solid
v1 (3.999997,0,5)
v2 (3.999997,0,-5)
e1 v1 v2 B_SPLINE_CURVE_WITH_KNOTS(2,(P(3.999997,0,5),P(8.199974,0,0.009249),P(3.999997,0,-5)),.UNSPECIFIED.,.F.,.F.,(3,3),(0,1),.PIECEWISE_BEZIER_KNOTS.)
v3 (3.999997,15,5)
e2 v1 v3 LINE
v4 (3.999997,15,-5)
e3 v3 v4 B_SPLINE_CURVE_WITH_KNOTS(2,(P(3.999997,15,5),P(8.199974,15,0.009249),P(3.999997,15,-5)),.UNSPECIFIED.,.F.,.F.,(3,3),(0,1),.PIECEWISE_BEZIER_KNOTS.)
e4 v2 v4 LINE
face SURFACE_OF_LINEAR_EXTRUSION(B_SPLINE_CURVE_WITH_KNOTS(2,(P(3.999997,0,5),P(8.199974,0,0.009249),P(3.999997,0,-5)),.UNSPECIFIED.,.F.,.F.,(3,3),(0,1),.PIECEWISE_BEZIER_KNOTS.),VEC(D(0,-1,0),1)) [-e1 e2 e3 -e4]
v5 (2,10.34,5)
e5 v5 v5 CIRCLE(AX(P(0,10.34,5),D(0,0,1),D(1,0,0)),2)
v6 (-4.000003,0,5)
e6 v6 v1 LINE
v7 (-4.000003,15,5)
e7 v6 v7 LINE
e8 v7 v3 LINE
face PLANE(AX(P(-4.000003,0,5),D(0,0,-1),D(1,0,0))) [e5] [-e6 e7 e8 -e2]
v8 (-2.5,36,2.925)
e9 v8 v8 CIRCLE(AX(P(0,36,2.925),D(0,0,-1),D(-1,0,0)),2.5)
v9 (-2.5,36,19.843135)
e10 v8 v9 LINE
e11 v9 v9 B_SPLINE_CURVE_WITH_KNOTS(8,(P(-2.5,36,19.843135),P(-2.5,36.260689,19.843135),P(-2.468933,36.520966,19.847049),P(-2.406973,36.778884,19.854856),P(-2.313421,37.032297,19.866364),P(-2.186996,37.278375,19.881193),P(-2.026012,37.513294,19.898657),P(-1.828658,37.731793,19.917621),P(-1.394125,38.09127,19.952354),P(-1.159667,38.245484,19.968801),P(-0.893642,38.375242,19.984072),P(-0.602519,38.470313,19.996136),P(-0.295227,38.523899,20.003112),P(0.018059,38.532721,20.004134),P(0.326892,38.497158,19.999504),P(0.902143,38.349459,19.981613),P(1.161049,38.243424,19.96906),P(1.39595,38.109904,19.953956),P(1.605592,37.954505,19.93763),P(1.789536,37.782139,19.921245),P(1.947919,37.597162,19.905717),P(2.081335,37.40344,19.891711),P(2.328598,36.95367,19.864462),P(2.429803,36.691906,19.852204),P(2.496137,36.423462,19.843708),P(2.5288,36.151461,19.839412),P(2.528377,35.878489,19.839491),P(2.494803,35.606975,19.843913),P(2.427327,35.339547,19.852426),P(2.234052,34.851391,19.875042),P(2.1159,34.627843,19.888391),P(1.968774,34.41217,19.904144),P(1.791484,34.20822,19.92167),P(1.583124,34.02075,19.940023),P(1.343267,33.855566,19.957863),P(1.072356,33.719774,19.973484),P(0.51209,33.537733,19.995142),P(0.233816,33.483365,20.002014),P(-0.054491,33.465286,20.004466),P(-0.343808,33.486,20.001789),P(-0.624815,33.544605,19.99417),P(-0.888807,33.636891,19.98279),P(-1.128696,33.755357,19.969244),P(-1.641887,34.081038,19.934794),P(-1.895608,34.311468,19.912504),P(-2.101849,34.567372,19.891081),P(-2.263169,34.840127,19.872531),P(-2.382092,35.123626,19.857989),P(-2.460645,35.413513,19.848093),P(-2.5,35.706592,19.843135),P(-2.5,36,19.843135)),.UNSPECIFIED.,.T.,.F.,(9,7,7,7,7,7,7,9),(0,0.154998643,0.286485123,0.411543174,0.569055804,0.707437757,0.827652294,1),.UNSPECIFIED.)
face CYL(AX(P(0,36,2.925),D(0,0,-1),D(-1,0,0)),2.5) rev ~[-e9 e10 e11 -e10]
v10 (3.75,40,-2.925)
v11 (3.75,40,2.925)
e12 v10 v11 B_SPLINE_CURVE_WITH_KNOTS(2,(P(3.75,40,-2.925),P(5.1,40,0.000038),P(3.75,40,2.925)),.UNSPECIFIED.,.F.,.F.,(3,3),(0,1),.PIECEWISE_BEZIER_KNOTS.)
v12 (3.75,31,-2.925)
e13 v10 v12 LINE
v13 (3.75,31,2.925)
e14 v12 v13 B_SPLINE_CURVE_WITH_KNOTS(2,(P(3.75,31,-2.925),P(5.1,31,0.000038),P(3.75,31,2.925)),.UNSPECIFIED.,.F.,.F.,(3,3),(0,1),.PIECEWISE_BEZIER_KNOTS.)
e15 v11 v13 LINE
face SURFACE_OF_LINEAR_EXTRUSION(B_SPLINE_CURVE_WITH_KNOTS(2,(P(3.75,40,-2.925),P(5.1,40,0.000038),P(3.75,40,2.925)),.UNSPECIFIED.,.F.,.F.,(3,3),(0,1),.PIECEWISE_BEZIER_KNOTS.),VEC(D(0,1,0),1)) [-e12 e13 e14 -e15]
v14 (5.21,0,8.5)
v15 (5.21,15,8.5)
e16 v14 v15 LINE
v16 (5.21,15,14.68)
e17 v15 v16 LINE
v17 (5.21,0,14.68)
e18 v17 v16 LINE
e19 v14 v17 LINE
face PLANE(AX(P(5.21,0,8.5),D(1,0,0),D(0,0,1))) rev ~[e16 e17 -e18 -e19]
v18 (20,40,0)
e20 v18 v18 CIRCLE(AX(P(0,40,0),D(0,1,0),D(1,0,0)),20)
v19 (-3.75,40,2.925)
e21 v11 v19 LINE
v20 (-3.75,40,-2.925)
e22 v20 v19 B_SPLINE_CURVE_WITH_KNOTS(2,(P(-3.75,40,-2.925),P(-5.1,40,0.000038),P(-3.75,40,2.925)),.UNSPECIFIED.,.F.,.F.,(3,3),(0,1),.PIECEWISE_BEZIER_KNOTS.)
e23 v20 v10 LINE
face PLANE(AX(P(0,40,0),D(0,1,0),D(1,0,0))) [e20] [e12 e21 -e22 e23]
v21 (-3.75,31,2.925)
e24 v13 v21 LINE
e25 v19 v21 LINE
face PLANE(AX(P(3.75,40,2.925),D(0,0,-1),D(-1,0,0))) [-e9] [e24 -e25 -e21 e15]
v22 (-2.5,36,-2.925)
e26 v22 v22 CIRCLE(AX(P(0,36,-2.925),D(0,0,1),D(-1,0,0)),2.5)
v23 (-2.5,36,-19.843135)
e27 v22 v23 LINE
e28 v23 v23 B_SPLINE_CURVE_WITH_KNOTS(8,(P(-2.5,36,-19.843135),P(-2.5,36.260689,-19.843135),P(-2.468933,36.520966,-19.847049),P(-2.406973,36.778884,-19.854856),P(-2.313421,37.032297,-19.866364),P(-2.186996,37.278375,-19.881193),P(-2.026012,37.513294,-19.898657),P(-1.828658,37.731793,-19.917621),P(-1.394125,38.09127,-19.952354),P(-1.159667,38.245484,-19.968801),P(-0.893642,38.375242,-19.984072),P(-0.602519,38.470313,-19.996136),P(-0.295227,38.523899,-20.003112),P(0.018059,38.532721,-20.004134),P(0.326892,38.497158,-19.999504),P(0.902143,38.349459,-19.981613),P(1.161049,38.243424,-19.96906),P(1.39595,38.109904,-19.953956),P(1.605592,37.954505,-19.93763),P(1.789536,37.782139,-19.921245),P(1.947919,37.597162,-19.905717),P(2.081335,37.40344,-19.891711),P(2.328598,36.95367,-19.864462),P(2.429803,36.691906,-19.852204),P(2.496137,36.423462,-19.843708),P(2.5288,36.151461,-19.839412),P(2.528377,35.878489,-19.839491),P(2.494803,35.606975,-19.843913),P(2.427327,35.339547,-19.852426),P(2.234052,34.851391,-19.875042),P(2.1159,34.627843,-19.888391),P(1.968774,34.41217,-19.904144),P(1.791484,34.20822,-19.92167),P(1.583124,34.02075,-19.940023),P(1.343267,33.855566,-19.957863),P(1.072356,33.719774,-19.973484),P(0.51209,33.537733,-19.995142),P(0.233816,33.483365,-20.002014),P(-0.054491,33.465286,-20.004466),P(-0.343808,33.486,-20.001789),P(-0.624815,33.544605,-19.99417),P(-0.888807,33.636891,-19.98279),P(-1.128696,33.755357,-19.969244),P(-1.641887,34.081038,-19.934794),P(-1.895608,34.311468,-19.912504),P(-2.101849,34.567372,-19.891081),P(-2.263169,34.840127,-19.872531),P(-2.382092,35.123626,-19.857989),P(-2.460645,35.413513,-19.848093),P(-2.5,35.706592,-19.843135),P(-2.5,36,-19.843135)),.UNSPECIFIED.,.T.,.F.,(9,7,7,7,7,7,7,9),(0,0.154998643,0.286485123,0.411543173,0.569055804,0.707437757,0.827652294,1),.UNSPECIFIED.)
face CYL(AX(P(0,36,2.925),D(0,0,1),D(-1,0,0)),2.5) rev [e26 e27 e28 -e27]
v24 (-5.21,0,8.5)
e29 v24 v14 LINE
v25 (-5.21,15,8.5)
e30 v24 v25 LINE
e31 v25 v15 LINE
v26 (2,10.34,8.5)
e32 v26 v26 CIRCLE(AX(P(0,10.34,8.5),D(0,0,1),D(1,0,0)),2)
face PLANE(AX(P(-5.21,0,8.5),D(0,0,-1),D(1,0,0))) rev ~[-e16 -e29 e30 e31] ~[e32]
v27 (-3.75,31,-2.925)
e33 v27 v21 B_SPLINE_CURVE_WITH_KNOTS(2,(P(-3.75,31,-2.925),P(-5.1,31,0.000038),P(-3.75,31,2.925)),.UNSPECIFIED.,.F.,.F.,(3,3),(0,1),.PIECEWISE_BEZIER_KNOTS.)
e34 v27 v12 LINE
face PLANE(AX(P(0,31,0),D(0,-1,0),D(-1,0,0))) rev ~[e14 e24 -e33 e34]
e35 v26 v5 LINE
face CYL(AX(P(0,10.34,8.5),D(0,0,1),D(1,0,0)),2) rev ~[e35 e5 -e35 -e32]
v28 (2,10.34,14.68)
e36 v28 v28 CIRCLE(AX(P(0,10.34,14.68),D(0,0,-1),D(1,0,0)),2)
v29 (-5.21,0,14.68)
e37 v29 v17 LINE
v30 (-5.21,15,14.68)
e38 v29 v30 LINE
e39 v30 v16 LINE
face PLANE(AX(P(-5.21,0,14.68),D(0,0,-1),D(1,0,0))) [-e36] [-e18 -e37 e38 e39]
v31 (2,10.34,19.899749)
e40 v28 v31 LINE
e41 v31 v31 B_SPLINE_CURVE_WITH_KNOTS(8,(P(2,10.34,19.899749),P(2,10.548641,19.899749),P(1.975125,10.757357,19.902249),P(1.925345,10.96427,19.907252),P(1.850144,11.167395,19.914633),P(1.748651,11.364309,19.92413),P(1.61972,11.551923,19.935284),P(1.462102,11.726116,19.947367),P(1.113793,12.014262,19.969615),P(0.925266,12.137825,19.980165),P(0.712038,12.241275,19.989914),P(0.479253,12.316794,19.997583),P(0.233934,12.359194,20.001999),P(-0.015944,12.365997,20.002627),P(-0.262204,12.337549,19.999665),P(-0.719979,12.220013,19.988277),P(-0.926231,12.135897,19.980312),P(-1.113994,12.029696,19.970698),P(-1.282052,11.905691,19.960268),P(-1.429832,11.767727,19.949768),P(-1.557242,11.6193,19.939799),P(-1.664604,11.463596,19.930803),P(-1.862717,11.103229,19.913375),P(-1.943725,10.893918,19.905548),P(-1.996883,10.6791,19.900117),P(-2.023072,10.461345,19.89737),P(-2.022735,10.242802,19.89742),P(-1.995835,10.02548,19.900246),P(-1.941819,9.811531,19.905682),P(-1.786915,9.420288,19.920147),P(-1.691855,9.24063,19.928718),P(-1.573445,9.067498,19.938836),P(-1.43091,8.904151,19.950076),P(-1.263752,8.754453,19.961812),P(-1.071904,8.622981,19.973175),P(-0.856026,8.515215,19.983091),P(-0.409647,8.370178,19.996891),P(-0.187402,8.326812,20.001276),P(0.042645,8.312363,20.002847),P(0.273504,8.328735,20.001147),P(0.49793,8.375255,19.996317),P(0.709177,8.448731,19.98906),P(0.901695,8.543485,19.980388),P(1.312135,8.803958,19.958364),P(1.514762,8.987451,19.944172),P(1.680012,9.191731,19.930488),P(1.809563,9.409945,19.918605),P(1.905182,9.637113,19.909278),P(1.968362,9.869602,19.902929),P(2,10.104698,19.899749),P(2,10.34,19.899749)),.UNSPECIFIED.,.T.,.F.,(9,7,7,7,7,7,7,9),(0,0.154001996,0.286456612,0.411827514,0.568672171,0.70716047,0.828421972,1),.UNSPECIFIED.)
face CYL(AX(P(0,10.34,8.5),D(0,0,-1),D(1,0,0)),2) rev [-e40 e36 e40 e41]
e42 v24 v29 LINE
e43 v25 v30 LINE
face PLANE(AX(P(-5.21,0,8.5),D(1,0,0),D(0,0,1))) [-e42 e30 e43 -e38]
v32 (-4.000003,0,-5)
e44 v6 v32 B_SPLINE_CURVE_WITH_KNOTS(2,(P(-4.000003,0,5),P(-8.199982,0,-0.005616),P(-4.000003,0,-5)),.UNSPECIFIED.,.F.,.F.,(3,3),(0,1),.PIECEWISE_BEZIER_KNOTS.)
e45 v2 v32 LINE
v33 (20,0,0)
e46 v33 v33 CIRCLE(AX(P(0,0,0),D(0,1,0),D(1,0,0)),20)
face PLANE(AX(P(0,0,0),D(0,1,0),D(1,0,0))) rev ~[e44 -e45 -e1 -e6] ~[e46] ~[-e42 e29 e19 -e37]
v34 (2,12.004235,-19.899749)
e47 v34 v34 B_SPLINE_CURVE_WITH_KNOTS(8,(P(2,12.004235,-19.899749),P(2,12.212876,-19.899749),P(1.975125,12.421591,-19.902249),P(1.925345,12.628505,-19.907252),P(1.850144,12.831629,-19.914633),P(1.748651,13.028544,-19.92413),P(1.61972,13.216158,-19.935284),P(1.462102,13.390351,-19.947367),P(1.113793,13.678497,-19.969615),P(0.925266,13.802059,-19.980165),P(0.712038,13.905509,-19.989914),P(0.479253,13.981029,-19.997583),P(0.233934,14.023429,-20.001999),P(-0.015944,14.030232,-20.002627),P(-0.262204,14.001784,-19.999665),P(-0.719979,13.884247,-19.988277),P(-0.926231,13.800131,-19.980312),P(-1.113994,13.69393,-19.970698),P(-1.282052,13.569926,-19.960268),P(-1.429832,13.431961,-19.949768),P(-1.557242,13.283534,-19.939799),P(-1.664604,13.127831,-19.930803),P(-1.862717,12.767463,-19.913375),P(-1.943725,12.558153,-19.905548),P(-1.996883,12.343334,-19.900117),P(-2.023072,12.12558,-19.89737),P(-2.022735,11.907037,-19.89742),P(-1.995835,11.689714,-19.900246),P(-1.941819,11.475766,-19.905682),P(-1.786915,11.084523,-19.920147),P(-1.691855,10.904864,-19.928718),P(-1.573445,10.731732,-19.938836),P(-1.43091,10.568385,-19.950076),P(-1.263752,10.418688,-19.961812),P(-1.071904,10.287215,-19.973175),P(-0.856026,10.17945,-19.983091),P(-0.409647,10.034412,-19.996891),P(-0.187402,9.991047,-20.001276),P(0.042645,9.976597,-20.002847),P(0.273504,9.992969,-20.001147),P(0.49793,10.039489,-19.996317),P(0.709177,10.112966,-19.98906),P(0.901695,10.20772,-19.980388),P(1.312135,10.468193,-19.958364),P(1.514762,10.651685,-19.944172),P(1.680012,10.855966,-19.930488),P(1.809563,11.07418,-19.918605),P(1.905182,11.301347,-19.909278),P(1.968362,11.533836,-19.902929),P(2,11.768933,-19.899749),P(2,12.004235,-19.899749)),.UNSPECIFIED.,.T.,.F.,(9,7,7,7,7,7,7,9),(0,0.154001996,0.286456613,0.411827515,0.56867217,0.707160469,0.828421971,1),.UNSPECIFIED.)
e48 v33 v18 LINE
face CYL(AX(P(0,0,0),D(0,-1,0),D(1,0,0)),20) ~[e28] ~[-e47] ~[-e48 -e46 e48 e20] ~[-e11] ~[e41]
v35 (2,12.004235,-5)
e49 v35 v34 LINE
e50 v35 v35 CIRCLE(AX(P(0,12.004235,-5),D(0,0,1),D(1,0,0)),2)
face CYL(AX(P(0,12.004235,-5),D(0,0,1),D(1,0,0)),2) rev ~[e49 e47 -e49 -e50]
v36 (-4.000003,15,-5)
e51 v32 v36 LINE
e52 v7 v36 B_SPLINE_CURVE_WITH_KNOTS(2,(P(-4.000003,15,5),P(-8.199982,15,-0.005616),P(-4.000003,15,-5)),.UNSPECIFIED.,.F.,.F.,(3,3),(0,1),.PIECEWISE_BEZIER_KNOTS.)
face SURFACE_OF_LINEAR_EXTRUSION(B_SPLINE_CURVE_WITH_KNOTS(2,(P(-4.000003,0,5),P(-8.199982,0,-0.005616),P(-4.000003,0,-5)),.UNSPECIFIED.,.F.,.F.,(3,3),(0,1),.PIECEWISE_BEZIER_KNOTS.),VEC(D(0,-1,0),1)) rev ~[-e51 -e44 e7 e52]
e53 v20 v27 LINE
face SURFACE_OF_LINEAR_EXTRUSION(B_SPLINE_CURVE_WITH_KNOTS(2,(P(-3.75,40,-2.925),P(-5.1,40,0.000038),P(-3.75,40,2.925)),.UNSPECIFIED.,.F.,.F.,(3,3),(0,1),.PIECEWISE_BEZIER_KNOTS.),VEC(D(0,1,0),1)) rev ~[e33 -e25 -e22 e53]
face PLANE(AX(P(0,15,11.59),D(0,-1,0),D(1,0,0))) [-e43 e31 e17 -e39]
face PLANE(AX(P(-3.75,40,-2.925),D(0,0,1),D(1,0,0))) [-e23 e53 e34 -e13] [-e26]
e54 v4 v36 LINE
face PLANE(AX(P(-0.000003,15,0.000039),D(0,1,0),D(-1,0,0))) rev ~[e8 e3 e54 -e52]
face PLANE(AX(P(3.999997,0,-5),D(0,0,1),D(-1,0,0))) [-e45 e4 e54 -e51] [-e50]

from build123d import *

# Parameters (mm, degrees)
SKETCH1_R               = 20
BOSS_EXTRUDE1_DEPTH     = 40
CUT_EXTRUDE1_DEPTH      = 15
SKETCH3_R               = 2
CUT_EXTRUDE2_DEPTH      = 15
CUT_EXTRUDE3_DEPTH      = 9
SKETCH5_R               = 2.5
CUT_EXTRUDE4_DEPTH      = 23.925000127
CUT_EXTRUDE4_DEPTH_BACK = 18.0750001
SKETCH6_W               = 10.42
SKETCH6_H               = 6.18
CUT_EXTRUDE5_DEPTH      = 15
SKETCH7_R               = 2
CUT_EXTRUDE6_DEPTH      = 15
CUT_EXTRUDE6_DEPTH_BACK = 10


with BuildPart() as part:
    # Sketch1 → Boss-Extrude1 (new body)
    with BuildSketch(Plane(origin=(0, 0, 0), x_dir=(1, 0, 0), z_dir=(0, 1, 0))):
        Circle(SKETCH1_R)
    extrude(amount=BOSS_EXTRUDE1_DEPTH)

    # Sketch2 → Cut-Extrude1 (cut)
    with BuildSketch(Plane.XZ):
        with BuildLine():
            Line((-4.000002932, 5), (3.999997068, 5))
            add(Edge.make_bspline(
                [(3.999997068, 5), (8.199974497, 0.009249301), (3.999997068, -5)],
                knots=[0, 0, 0, 1, 1, 1], degree=2))
            Line((3.999997068, -5), (-4.000002932, -5))
            add(Edge.make_bspline(
                [(-4.000002932, 5), (-8.199982148, -0.00561634), (-4.000002932, -5)],
                knots=[0, 0, 0, 1, 1, 1], degree=2))
        make_face()
    extrude(amount=-CUT_EXTRUDE1_DEPTH, mode=Mode.SUBTRACT)

    # Sketch3 → Cut-Extrude2 (cut)
    with BuildSketch(Plane.XY.offset(-5)):
        with Locations((0, 12.004234523)):
            Circle(SKETCH3_R)
    extrude(amount=-CUT_EXTRUDE2_DEPTH, mode=Mode.SUBTRACT)

    # Sketch4 → Cut-Extrude3 (cut)
    with BuildSketch(Plane(origin=(0, 40, 0), x_dir=(1, 0, 0), z_dir=(0, 1, 0))):
        with BuildLine():
            Line((-3.75, 2.925), (3.75, 2.925))
            add(Edge.make_bspline(
                [(3.75, 2.925), (5.10000002, -3.7956e-05), (3.75, -2.925)],
                knots=[0, 0, 0, 1, 1, 1], degree=2))
            Line((3.75, -2.925), (-3.75, -2.925))
            add(Edge.make_bspline(
                [(-3.75, 2.925), (-5.10000002, -3.7956e-05), (-3.75, -2.925)],
                knots=[0, 0, 0, 1, 1, 1], degree=2))
        make_face()
    extrude(amount=-CUT_EXTRUDE3_DEPTH, mode=Mode.SUBTRACT)

    # Sketch5 → Cut-Extrude4 (cut, two sides)
    with BuildSketch(Plane(origin=(0, 0, 2.925), x_dir=(-1, 0, 0), z_dir=(0, 0, -1))) as cut_extrude4_sk:
        with Locations((0, 36)):
            Circle(SKETCH5_R)
    extrude(amount=CUT_EXTRUDE4_DEPTH, mode=Mode.SUBTRACT)
    extrude(cut_extrude4_sk.sketch, amount=-CUT_EXTRUDE4_DEPTH_BACK, mode=Mode.SUBTRACT)

    # Sketch6 → Cut-Extrude5 (cut)
    with BuildSketch(Plane.XZ):
        with Locations((0, 11.59)):
            Rectangle(SKETCH6_W, SKETCH6_H)
    extrude(amount=-CUT_EXTRUDE5_DEPTH, mode=Mode.SUBTRACT)

    # Sketch7 → Cut-Extrude6 (cut, two sides)
    with BuildSketch(Plane.XY.offset(8.5)) as cut_extrude6_sk:
        with Locations((0, 10.34)):
            Circle(SKETCH7_R)
    extrude(amount=CUT_EXTRUDE6_DEPTH, mode=Mode.SUBTRACT)
    extrude(cut_extrude6_sk.sketch, amount=-CUT_EXTRUDE6_DEPTH_BACK, mode=Mode.SUBTRACT)


solid = part.part
